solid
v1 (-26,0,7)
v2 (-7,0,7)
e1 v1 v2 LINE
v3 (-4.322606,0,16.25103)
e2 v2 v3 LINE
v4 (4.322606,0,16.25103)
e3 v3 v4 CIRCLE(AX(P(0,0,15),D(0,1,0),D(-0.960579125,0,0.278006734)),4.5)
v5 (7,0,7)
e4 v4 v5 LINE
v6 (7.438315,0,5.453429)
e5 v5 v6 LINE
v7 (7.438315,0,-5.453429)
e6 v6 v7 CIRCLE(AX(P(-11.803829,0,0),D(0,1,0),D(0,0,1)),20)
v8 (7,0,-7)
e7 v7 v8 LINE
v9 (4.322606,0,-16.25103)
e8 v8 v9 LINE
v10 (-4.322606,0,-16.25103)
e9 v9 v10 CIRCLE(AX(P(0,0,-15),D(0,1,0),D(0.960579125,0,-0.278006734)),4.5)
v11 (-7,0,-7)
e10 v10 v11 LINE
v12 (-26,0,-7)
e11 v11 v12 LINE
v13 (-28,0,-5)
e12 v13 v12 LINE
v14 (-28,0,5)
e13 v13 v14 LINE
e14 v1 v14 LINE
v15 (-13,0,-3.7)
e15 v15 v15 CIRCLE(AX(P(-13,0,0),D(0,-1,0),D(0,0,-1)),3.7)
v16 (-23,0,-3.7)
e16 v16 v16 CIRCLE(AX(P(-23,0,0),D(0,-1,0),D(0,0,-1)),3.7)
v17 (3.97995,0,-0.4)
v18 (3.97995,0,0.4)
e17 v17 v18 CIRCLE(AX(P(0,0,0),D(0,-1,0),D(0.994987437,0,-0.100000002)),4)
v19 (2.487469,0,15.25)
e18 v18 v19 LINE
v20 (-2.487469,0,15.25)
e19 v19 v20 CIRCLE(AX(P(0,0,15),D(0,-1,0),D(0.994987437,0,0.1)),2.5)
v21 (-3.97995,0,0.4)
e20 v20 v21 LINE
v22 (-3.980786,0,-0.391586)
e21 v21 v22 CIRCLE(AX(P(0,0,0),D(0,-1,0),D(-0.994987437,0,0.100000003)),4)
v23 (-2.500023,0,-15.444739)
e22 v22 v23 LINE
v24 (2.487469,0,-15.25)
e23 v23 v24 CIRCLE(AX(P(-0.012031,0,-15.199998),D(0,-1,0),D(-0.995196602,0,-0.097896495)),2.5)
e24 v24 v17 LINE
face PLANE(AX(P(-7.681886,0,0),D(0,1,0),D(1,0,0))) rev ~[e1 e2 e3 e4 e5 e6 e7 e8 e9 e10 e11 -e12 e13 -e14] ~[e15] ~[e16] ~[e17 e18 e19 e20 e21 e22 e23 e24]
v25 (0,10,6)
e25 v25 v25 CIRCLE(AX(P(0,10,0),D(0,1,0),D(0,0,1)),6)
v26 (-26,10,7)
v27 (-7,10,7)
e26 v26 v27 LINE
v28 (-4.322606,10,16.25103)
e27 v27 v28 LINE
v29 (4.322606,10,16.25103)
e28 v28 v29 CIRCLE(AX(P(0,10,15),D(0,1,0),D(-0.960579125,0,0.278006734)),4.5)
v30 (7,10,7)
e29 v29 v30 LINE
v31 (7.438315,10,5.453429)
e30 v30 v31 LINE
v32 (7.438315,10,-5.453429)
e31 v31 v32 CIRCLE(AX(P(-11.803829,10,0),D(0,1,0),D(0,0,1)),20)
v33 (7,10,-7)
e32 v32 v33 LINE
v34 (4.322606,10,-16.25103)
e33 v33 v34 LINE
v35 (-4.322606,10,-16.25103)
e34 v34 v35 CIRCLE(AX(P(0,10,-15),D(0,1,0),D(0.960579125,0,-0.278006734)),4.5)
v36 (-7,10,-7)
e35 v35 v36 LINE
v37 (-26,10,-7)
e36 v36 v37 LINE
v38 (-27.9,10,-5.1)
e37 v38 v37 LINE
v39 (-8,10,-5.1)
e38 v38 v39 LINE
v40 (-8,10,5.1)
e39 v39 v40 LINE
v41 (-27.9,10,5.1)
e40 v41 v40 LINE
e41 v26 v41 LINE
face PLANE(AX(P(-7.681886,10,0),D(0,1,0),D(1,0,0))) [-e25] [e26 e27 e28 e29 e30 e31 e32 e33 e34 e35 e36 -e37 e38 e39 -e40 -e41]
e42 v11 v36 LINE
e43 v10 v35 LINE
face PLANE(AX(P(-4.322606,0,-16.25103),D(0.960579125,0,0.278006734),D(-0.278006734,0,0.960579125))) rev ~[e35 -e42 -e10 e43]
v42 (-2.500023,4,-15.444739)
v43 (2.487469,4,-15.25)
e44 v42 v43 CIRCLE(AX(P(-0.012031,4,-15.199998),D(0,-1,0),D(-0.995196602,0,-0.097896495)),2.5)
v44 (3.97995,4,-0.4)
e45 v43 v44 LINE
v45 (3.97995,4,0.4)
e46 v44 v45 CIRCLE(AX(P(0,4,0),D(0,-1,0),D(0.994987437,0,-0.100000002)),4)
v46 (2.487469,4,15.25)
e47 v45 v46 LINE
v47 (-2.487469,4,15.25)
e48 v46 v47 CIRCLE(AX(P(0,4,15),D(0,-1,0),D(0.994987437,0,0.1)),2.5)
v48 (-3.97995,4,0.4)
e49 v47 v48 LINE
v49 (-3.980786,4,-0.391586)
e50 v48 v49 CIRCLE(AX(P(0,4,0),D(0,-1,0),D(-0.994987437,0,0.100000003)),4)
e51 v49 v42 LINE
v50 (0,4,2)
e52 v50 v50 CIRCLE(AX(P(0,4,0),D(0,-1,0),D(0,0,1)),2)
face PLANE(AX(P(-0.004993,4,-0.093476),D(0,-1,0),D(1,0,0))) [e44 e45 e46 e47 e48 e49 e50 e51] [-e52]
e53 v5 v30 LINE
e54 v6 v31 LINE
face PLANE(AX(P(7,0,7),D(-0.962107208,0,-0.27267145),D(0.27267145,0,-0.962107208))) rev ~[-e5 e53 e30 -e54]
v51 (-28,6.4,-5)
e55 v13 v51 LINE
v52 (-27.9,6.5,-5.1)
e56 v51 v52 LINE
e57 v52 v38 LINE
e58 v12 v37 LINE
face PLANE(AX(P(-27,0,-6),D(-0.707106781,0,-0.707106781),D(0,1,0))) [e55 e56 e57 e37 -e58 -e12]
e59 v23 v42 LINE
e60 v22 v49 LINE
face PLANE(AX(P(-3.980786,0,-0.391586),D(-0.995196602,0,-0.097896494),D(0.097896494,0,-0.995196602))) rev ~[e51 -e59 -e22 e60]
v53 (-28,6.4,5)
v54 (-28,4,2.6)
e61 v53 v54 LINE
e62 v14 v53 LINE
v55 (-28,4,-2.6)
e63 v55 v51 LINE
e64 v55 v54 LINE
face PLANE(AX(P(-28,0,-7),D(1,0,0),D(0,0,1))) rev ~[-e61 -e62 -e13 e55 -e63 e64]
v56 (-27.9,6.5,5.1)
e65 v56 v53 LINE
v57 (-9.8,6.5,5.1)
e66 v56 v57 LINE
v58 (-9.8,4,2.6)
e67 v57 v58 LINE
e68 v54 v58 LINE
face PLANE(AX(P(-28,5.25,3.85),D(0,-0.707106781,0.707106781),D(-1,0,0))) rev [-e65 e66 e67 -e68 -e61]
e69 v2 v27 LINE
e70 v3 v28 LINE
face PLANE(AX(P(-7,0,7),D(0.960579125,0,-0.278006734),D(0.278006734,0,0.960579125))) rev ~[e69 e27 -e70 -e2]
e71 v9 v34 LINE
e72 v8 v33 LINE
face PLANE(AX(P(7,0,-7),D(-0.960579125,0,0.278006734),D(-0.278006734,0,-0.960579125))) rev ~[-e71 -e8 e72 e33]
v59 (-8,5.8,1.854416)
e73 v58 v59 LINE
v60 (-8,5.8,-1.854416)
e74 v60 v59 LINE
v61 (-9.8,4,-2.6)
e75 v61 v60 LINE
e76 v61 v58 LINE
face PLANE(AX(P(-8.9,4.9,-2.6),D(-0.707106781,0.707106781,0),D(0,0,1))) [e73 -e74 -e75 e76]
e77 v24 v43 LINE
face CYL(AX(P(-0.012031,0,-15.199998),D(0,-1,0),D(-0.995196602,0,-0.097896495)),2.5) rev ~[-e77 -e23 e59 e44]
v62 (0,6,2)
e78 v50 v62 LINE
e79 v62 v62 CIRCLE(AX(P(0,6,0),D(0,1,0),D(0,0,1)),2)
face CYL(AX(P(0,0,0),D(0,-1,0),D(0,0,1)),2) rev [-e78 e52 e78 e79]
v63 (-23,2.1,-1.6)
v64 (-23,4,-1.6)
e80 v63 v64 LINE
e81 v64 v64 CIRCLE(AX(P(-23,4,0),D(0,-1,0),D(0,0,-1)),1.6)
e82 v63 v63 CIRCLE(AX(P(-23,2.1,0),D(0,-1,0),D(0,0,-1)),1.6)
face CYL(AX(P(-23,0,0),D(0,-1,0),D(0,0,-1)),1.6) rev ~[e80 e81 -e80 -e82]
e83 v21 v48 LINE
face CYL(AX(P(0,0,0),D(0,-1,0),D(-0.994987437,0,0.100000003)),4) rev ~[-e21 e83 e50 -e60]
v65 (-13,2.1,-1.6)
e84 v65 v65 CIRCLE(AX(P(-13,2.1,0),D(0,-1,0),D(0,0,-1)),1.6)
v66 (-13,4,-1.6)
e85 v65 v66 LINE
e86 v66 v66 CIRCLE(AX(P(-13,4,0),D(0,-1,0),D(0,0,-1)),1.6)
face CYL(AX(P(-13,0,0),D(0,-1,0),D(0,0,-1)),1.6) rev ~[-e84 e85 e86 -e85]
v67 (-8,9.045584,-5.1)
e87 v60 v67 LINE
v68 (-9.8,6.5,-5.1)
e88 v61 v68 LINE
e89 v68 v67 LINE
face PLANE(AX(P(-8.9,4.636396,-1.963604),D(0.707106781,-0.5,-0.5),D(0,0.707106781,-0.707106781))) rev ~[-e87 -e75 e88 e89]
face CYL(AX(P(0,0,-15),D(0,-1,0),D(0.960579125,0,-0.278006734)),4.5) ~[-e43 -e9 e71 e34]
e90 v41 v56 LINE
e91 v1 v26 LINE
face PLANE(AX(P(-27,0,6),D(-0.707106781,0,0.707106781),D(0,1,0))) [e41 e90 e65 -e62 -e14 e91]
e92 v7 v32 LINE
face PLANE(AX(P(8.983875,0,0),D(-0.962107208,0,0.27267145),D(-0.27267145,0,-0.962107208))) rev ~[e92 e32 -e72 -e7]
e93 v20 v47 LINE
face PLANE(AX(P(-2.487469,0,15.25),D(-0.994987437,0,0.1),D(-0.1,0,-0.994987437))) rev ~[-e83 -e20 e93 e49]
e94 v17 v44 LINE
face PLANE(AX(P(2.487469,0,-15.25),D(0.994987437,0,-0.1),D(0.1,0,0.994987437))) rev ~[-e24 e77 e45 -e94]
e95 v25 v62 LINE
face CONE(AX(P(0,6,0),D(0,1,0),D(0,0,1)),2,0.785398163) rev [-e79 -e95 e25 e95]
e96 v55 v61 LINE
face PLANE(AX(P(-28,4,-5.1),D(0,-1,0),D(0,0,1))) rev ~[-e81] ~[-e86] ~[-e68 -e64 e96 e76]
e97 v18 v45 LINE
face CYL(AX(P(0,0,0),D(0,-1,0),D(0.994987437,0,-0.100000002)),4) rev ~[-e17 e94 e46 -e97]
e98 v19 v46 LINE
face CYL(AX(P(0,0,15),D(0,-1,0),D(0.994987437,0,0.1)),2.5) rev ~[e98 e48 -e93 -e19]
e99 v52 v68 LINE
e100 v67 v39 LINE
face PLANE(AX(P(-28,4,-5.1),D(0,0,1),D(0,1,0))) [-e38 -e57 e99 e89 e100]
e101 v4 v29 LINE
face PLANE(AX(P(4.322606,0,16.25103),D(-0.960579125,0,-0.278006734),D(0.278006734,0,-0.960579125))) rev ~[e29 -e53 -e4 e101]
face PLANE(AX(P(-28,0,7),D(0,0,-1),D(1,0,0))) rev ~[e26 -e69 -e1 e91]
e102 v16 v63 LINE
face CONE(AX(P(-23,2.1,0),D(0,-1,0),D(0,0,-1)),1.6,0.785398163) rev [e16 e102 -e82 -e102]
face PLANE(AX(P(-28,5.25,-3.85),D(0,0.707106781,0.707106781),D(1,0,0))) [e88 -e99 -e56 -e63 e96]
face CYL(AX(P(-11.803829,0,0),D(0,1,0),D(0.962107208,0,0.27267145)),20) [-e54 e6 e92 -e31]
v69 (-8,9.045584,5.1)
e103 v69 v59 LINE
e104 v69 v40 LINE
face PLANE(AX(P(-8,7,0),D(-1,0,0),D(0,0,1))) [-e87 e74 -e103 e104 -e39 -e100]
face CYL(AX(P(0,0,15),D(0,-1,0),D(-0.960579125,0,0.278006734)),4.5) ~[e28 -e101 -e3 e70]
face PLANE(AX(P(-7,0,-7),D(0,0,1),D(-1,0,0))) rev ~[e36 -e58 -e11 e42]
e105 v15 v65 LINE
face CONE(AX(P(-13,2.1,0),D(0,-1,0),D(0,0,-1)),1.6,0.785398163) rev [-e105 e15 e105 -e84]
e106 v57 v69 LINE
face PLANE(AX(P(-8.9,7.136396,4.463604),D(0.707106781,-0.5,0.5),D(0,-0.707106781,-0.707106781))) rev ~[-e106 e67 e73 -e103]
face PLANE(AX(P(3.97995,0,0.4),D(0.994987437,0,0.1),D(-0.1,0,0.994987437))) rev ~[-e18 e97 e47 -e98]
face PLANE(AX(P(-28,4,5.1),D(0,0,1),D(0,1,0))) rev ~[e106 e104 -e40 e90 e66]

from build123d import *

# Parameters (mm, degrees)
ESQUISSE1_R             = 2
BOSS_EXTRU_1_DEPTH      = 10
ESQUISSE2_W             = 10.2
ESQUISSE2_H             = 6
ENL_V_MAT_EXTRU_1_DEPTH = 20
CHANFREIN1_SIZE         = 2.5
CHANFREIN2_SIZE         = 1.8
ESQUISSE5_R             = 1.6
ENL_V_MAT_EXTRU_4_DEPTH = 7
CHANFREIN4_SIZE         = 2.1
CHANFREIN5_SIZE         = 2
ENL_V_MAT_EXTRU_5_DEPTH = 4
CHANFREIN6_SIZE         = 4
CONG_1_R                = 20


with BuildPart() as part:
    # Esquisse1 → Boss.-Extru.1 (new body)
    with BuildSketch(Plane(origin=(0, 0, 0), x_dir=(1, 0, 0), z_dir=(0, 1, 0))):
        with BuildLine():
            Line((-28, -7), (-7, -7))
            Line((-7, -7), (-4.322606063, -16.251030305))
            ThreePointArc((-4.322606063, -16.251030305), (0, -19.5), (4.322606063, -16.251030305))
            Line((4.322606063, -16.251030305), (7, -7))
            Line((7, -7), (8.983874701, 0))
            Line((8.983874701, 0), (7, 7))
            Line((7, 7), (4.322606063, 16.251030305))
            ThreePointArc((4.322606063, 16.251030305), (0, 19.5), (-4.322606063, 16.251030305))
            Line((-4.322606063, 16.251030305), (-7, 7))
            Line((-7, 7), (-28, 7))
            Line((-28, 7), (-28, -7))
        make_face()
        with Locations(Location((0, 0, 0), (0, 0, 270))):
            Circle(ESQUISSE1_R, mode=Mode.SUBTRACT)
    extrude(amount=BOSS_EXTRU_1_DEPTH)

    # Esquisse2 → Enlèv. mat.-Extru.1 (cut)
    with BuildSketch(Plane.ZY.offset(28)):
        with Locations((0, 7)):
            Rectangle(ESQUISSE2_W, ESQUISSE2_H)
    extrude(amount=-ENL_V_MAT_EXTRU_1_DEPTH, mode=Mode.SUBTRACT)

    # Chanfrein1
    chanfrein1_edges = [part.edges().sort_by_distance(p)[0] for p in [
        (-18, 4, -5.1),
        (-18, 4, 5.1),
    ]]
    chamfer(chanfrein1_edges, length=CHANFREIN1_SIZE)

    # Chanfrein2
    chanfrein2_edges = [part.edges().sort_by_distance(p)[0] for p in [
        (-8, 4, 0),
        (-8, 5.25, -3.85),
        (-8, 5.25, 3.85),
    ]]
    chamfer(chanfrein2_edges, length=CHANFREIN2_SIZE)

    # Esquisse5 → Enlèv. mat.-Extru.4 (cut)
    with BuildSketch(Plane.XZ):
        with Locations(Location((-23, 0, 0), (0, 0, 270))):
            Circle(ESQUISSE5_R)
        with Locations(Location((-13, 0, 0), (0, 0, 270))):
            Circle(ESQUISSE5_R)
    extrude(amount=-ENL_V_MAT_EXTRU_4_DEPTH, mode=Mode.SUBTRACT)

    # Chanfrein4
    chanfrein4_edges = [part.edges().sort_by_distance(p)[0] for p in [
        (-23, 0, 1.6),
        (-13, 0, 1.6),
    ]]
    chamfer(chanfrein4_edges, length=CHANFREIN4_SIZE)

    # Chanfrein5
    chanfrein5_edges = [part.edges().sort_by_distance(p)[0] for p in [
        (-28, 5, -7),
        (-28, 5, 7),
    ]]
    chamfer(chanfrein5_edges, length=CHANFREIN5_SIZE)

    # Esquisse6 → Enlèv. mat.-Extru.5 (cut)
    with BuildSketch(Plane.XZ):
        with BuildLine():
            Line((-3.980786407, -0.391585978), (-2.500022814, -15.44473884))
            ThreePointArc((-2.500022814, -15.44473884), (0.085507989, -17.698094096), (2.487468593, -15.25))
            Line((2.487468593, -15.25), (3.979949748, -0.4))
            ThreePointArc((3.979949748, -0.4), (4, 0), (3.979949748, 0.4))
            Line((3.979949748, 0.4), (2.487468593, 15.25))
            ThreePointArc((2.487468593, 15.25), (0, 17.5), (-2.487468593, 15.25))
            Line((-2.487468593, 15.25), (-3.979949748, 0.4))
            ThreePointArc((-3.979949748, 0.4), (-3.999997766, 0.004227758), (-3.980786407, -0.391585978))
        make_face()
    extrude(amount=-ENL_V_MAT_EXTRU_5_DEPTH, mode=Mode.SUBTRACT)

    # Chanfrein6
    chanfrein6_edges = [part.edges().sort_by_distance(p)[0] for p in [
        (0, 10, -2),
    ]]
    chamfer(chanfrein6_edges, length=CHANFREIN6_SIZE)

    # Congé1
    cong_1_edges = [part.edges().sort_by_distance(p)[0] for p in [
        (8.983874701, 5, 0),
    ]]
    fillet(cong_1_edges, radius=CONG_1_R)


solid = part.part
